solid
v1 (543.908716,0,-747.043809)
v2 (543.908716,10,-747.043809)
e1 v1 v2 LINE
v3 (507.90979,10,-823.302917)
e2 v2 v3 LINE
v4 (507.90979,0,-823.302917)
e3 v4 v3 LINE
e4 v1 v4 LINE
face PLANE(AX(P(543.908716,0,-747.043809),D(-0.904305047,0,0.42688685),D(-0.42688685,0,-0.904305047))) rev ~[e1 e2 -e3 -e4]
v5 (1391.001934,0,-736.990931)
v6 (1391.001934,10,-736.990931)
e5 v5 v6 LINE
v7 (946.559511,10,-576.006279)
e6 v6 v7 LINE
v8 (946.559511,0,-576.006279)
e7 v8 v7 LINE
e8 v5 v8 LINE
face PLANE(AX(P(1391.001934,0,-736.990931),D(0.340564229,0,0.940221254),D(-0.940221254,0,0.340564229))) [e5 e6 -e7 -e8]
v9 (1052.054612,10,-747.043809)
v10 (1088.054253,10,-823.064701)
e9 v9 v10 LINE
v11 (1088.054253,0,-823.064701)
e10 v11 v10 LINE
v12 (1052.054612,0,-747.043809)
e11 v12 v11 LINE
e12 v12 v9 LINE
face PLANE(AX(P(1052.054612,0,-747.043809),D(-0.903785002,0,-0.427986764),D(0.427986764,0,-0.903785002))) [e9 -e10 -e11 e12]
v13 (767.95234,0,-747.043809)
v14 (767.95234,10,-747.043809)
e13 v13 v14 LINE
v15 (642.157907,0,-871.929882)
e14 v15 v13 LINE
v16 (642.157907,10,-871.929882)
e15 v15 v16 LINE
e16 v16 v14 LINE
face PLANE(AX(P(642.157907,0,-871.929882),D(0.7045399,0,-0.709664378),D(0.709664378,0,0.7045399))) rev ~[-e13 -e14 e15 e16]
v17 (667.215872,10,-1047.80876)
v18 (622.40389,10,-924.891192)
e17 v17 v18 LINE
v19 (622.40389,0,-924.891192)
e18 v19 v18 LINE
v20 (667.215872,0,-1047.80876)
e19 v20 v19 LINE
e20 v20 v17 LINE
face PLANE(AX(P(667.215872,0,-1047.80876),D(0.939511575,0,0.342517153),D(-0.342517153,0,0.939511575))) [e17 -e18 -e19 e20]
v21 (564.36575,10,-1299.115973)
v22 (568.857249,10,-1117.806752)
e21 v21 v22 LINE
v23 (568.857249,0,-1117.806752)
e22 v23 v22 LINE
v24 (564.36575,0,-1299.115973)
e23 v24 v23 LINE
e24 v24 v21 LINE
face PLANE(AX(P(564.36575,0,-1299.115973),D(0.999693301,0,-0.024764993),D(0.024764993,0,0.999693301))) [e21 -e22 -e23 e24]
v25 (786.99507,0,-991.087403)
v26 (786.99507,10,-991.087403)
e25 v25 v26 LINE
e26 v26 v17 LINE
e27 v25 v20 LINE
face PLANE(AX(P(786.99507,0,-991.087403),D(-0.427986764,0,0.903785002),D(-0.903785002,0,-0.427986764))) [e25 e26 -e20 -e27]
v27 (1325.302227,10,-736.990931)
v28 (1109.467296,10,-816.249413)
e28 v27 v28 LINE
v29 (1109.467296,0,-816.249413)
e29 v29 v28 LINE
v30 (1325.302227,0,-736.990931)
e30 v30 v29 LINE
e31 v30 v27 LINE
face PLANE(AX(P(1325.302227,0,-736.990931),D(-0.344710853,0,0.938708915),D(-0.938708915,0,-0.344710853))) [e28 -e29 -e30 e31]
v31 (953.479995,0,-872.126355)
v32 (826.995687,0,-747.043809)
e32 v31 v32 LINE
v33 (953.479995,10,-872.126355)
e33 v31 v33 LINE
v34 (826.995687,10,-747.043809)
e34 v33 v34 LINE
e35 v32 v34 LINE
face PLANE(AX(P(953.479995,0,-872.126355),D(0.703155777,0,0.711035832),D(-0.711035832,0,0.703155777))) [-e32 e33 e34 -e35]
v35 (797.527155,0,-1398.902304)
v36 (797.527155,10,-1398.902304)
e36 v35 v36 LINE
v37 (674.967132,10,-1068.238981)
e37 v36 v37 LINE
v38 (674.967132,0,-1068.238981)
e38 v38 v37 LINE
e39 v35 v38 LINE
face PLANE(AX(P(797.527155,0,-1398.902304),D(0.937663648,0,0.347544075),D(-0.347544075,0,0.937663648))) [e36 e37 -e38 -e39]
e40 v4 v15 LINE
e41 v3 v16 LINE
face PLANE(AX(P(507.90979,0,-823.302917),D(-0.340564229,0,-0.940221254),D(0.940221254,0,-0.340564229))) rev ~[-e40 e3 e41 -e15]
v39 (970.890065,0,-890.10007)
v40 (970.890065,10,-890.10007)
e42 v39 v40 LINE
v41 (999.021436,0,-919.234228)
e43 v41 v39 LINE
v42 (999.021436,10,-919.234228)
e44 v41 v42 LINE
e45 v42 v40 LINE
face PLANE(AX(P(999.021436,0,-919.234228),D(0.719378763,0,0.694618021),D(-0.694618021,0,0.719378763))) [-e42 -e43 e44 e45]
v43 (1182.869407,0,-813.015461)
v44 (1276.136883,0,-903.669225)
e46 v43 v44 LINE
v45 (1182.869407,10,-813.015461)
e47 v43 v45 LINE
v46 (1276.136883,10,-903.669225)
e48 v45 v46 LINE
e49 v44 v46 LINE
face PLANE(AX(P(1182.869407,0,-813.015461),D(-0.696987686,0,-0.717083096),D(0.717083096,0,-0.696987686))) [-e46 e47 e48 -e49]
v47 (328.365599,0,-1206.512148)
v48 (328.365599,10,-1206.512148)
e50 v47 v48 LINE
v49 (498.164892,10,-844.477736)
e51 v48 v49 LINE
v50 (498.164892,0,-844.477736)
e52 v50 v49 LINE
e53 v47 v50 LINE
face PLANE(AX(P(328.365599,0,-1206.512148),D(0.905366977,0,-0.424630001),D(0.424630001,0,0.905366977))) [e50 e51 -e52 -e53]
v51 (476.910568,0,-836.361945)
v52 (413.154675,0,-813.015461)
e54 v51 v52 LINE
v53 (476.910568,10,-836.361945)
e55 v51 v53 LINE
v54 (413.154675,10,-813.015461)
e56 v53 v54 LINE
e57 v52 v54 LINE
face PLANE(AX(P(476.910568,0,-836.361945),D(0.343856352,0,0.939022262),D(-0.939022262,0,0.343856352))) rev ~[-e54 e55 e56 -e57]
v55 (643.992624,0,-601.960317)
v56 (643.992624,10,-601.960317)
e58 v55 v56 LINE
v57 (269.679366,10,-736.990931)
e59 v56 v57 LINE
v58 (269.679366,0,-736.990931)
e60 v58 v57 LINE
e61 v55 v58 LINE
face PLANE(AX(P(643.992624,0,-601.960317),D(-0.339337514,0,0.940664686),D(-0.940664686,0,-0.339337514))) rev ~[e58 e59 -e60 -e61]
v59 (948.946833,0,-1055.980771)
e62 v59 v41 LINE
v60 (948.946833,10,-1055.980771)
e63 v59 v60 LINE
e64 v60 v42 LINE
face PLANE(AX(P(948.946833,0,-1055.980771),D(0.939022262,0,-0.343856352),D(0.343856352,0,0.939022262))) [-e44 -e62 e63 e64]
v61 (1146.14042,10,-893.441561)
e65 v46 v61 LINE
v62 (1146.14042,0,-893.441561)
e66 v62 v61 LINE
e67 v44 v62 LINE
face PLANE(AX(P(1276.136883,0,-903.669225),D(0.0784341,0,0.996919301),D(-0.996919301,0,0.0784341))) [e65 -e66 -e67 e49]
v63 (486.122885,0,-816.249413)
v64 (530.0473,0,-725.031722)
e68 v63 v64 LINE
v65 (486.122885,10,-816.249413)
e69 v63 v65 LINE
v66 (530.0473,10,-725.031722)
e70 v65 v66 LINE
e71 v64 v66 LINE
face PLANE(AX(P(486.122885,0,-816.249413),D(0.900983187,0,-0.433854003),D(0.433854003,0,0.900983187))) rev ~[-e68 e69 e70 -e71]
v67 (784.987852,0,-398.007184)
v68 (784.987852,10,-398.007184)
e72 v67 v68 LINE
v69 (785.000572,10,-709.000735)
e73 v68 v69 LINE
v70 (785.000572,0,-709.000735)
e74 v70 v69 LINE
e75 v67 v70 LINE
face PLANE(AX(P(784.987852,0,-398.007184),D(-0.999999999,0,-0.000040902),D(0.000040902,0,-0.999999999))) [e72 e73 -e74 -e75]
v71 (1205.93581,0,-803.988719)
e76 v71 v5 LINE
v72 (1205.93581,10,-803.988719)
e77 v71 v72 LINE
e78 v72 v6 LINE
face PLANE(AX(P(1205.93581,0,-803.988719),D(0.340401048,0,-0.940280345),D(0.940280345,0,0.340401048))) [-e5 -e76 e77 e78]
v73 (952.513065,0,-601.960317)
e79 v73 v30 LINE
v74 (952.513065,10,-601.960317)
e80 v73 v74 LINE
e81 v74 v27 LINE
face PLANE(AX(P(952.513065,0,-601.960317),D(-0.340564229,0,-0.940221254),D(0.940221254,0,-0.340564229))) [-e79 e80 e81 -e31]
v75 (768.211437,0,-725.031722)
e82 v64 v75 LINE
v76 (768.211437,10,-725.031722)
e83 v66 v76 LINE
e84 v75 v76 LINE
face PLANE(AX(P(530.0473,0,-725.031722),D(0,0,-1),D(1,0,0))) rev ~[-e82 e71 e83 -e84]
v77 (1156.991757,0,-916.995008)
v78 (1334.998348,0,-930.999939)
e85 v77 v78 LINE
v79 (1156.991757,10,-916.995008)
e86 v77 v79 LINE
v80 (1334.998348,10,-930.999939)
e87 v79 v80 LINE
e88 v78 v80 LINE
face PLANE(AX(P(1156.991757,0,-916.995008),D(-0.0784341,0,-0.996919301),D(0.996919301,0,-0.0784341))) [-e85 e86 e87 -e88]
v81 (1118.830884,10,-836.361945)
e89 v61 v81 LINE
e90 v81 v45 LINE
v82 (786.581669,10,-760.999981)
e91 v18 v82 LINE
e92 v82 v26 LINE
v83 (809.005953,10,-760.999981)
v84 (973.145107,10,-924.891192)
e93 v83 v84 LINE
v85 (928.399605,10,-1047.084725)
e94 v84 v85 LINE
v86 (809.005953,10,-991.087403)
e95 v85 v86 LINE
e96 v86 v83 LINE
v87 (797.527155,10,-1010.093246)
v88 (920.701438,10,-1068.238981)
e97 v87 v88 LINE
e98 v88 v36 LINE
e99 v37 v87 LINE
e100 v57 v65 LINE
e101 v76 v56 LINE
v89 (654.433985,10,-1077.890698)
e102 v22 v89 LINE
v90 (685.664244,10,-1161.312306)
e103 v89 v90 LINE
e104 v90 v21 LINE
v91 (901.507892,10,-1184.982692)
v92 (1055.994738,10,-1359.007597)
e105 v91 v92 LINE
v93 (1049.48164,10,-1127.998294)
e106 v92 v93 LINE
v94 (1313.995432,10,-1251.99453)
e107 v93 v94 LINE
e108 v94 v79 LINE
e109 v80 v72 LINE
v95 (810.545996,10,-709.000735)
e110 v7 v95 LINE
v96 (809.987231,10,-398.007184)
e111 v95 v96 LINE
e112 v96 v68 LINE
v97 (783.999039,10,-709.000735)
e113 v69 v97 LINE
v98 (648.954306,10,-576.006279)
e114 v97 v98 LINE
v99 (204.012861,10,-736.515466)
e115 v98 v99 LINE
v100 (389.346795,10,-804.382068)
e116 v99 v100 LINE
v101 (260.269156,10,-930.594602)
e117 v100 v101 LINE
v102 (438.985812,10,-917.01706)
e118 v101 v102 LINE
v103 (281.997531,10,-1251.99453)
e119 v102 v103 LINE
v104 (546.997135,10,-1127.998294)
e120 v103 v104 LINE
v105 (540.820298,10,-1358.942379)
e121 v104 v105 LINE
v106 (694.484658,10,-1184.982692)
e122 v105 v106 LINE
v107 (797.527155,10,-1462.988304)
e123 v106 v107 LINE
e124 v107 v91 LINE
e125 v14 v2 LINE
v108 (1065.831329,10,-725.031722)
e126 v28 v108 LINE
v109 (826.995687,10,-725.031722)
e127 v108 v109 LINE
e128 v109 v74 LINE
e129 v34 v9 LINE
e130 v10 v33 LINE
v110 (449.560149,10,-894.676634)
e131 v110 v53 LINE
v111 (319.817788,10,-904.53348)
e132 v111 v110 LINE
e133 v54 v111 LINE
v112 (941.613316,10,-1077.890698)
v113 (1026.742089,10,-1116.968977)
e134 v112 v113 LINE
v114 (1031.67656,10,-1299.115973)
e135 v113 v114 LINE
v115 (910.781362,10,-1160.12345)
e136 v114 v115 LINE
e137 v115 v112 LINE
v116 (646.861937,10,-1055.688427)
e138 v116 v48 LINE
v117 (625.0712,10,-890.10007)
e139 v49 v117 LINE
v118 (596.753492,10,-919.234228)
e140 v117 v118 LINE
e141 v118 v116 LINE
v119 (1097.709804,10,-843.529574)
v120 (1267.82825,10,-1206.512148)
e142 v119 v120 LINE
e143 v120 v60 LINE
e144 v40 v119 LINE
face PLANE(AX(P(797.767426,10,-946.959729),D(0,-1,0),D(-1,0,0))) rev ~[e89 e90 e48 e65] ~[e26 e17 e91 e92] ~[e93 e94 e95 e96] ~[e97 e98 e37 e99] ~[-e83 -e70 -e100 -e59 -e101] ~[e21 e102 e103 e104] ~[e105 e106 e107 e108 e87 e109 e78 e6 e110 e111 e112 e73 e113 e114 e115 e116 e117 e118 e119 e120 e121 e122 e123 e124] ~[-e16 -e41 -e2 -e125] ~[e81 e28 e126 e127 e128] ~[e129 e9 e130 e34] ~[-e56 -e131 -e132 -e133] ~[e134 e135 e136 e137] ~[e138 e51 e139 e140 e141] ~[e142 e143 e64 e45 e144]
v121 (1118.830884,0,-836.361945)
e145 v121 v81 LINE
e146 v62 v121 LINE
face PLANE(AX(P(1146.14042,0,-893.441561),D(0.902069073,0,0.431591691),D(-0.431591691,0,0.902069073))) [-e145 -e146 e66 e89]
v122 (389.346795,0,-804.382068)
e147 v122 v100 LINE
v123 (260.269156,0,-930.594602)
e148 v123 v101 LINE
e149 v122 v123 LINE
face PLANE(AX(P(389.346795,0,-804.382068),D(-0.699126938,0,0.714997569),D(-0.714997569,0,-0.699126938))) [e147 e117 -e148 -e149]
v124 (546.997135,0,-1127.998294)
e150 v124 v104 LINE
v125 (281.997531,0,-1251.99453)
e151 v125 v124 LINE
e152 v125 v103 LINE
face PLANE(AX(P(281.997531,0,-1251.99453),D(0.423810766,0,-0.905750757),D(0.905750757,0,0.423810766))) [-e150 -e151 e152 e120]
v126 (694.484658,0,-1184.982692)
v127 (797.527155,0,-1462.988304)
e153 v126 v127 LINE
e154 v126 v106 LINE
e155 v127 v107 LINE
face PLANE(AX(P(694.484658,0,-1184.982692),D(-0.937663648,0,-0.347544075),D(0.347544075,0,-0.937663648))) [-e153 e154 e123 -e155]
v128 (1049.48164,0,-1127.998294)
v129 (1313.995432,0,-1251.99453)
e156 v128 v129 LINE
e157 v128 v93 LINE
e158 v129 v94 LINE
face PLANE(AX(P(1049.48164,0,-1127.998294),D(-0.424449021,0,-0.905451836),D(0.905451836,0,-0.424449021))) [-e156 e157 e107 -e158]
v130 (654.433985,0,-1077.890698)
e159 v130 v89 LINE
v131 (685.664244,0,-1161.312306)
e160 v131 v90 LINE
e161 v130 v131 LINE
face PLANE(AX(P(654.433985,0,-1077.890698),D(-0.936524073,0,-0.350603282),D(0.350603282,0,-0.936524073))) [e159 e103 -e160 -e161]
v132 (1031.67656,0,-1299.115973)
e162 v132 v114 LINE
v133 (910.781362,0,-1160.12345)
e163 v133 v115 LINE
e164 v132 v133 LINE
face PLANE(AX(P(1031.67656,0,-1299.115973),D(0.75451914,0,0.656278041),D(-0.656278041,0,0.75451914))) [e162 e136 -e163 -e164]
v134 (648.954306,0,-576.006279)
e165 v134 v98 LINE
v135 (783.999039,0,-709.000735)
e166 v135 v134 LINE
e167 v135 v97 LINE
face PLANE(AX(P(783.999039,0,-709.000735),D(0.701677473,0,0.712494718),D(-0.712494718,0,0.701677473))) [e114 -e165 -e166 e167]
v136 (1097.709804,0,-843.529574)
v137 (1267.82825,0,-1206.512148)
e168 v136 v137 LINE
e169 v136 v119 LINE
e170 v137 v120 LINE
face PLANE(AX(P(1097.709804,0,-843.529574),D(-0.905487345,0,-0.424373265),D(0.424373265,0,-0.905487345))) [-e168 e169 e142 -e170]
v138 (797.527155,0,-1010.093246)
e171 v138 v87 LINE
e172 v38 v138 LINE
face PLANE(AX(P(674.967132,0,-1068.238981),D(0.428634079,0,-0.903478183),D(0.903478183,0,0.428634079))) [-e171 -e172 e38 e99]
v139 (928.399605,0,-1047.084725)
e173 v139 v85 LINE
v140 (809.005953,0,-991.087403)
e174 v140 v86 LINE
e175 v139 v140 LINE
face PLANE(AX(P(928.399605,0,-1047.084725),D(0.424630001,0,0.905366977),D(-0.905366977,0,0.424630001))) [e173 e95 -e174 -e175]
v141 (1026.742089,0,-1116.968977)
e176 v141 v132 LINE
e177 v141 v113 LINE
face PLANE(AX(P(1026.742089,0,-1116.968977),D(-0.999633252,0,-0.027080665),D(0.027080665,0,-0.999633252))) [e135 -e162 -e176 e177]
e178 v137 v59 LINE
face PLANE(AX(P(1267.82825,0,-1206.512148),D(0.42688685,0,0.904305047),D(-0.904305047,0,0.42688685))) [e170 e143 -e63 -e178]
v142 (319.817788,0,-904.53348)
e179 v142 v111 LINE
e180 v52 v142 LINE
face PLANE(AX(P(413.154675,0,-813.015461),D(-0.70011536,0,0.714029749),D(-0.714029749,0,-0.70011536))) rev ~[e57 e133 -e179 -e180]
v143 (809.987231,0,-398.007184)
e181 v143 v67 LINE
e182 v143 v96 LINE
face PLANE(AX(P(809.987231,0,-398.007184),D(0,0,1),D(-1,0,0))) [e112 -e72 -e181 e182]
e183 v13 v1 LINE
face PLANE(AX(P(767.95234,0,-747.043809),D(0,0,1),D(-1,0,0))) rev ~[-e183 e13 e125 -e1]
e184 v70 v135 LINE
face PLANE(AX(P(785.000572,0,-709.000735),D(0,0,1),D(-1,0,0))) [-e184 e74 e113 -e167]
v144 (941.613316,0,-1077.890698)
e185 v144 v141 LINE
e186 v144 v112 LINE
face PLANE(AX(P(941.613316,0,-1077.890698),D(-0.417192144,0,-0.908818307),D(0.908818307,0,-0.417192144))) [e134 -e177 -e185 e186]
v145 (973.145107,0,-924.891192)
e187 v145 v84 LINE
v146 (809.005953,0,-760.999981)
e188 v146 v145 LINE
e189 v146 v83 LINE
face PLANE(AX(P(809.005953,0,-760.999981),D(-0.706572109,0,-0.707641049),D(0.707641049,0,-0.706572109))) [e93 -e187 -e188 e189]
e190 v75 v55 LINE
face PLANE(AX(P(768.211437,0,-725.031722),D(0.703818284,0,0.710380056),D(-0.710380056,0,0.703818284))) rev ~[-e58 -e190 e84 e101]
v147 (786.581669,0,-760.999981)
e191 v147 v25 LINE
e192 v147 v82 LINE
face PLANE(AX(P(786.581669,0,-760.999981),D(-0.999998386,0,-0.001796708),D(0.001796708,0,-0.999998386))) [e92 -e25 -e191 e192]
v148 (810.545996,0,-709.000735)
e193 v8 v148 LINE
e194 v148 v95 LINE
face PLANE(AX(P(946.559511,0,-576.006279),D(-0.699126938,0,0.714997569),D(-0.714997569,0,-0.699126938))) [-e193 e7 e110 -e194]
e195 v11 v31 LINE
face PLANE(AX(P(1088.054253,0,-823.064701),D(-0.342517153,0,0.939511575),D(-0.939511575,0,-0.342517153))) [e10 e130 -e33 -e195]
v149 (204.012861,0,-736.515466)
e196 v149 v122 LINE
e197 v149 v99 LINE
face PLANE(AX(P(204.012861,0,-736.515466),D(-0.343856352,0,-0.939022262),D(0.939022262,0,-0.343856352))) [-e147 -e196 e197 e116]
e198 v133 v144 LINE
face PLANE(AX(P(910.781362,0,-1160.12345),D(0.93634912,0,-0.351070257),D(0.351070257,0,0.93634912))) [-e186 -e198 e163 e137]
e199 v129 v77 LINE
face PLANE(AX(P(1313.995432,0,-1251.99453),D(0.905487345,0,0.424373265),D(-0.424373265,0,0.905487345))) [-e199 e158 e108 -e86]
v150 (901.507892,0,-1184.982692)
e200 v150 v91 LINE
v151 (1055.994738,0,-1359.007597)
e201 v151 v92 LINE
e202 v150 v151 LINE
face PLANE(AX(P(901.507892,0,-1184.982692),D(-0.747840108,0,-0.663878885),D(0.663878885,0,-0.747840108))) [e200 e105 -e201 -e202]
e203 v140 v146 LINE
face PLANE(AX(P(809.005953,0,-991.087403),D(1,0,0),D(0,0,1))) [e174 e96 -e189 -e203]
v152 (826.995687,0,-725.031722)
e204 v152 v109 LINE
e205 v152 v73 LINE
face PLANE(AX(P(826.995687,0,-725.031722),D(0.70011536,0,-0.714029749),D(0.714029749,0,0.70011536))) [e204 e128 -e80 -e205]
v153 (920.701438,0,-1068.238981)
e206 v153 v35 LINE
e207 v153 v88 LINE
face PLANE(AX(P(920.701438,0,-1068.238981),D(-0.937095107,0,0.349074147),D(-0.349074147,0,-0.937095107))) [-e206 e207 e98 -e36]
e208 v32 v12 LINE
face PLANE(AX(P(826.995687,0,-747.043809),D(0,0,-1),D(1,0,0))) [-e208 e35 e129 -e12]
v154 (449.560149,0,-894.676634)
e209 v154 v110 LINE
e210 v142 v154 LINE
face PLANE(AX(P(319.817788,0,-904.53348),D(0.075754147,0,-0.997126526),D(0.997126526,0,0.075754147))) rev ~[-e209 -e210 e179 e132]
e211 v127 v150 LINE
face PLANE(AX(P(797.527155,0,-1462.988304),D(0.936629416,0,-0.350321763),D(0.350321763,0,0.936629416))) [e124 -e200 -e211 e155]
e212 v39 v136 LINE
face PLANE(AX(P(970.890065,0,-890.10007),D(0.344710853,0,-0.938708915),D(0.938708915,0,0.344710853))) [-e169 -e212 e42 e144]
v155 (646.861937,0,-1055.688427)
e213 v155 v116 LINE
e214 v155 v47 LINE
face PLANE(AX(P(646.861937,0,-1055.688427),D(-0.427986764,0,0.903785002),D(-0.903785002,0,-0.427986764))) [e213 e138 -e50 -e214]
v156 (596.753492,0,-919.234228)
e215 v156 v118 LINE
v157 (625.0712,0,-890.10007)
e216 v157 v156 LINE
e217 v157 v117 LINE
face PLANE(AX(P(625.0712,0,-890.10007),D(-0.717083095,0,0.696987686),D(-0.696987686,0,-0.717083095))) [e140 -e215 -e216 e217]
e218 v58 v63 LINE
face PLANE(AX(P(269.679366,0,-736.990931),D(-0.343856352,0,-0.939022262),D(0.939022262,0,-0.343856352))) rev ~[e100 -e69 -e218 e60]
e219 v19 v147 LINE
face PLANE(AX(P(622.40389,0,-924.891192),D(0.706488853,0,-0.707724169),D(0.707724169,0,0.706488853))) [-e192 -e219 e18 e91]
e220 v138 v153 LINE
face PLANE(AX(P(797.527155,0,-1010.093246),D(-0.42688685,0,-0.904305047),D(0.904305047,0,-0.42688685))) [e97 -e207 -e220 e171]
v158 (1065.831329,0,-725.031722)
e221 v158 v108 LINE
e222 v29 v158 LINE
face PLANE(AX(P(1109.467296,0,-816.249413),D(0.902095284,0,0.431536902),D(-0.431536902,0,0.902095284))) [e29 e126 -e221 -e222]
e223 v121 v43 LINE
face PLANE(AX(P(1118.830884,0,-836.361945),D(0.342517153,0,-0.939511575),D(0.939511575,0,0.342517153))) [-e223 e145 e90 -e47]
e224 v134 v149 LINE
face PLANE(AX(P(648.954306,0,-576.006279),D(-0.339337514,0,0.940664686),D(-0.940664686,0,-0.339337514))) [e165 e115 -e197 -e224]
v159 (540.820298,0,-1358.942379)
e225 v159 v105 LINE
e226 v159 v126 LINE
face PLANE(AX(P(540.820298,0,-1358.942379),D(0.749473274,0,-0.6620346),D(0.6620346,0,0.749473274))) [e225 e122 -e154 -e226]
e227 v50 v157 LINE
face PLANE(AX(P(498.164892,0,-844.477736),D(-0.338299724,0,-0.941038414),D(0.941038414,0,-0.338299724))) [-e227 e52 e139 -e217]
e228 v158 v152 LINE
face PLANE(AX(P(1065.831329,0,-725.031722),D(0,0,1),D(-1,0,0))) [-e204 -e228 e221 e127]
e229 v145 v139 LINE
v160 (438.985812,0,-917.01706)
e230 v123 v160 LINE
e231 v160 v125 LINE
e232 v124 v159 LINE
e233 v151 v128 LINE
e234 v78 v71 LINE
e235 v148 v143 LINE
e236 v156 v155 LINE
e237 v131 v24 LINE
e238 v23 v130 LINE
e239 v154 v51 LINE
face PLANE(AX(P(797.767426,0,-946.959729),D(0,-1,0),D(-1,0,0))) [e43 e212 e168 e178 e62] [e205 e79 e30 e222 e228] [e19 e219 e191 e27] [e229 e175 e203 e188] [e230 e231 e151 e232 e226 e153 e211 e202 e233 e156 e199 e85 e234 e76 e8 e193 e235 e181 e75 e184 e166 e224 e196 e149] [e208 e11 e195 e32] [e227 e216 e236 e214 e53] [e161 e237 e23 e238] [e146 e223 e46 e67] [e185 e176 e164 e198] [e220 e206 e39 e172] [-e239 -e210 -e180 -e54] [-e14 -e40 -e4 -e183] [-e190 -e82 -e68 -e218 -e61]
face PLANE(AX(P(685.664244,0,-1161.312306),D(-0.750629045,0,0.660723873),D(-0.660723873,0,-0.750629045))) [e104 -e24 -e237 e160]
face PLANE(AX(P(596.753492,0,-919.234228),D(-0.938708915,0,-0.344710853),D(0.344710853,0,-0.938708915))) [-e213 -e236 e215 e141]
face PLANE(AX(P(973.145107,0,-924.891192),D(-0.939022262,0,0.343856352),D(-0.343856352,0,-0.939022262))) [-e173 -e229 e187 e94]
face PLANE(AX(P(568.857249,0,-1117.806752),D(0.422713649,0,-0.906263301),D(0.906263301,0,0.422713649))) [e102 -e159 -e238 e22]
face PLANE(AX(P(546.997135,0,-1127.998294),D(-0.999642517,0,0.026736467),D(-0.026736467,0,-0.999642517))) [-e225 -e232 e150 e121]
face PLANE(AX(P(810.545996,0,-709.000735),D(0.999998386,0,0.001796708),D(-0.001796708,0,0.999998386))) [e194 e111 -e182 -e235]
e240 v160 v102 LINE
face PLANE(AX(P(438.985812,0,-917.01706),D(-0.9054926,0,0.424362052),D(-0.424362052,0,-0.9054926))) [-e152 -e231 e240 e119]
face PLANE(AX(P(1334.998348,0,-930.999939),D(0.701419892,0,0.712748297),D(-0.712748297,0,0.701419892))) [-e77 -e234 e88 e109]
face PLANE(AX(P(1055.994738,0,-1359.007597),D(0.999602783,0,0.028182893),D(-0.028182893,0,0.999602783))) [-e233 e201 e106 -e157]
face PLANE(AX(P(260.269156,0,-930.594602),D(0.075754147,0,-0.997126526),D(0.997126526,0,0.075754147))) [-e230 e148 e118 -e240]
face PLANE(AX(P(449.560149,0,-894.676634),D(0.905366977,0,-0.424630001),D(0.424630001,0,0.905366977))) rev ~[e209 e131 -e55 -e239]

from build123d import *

# Parameters (mm, degrees)
BOSS_EXTRUDE1_DEPTH = 10


with BuildPart() as part:
    # Sketch1 → Boss-Extrude1 (new body)
    with BuildSketch(Plane(origin=(0, 0, 0), x_dir=(1, 0, 0), z_dir=(0, 1, 0))):
        Polygon((784.987851723, 398.007183844), (785.000571871, 709.000734601), (783.999038632, 709.000734601), (648.95430554, 576.00627914), (204.012861183, 736.515465829), (389.346795443, 804.38206818), (260.269155542, 930.594602451), (438.985812263, 917.017059796), (281.997531244, 1251.994529906), (546.997134557, 1127.998293592), (540.820297596, 1358.942378927), (694.484658499, 1184.98269214), (797.527155209, 1462.988304378), (901.507891553, 1184.98269214), (1055.994737963, 1359.007597162), (1049.481640439, 1127.998293592), (1313.995431768, 1251.994529906), (1156.991756683, 916.99500763), (1334.998347933, 930.999939378), (1205.935810073, 803.988718502), (1391.001934492, 736.990931112), (946.559511347, 576.00627914), (810.545996287, 709.000734601), (809.987230906, 398.007183844), align=None)
        Polygon((768.211437064, 725.031722001), (643.992624095, 601.960316667), (269.679365999, 736.990931112), (486.122884579, 816.249412651), (530.047300467, 725.031722001), align=None, mode=Mode.SUBTRACT)
        Polygon((826.995686835, 725.031722001), (952.513065316, 601.960316667), (1325.302227186, 736.990931112), (1109.467295774, 816.249412651), (1065.831329223, 725.031722001), align=None, mode=Mode.SUBTRACT)
        Polygon((826.995686835, 747.043809063), (1052.054612149, 747.043809063), (1088.054253232, 823.06470125), (953.479995281, 872.126355119), align=None, mode=Mode.SUBTRACT)
        Polygon((767.95234015, 747.043809063), (543.908716076, 747.043809063), (507.909790164, 823.302917015), (642.157906737, 871.929882397), align=None, mode=Mode.SUBTRACT)
        Polygon((476.91056803, 836.361945246), (413.154674671, 813.015460537), (319.817787826, 904.533479576), (449.560148715, 894.676634268), align=None, mode=Mode.SUBTRACT)
        Polygon((1118.830884035, 836.361945246), (1182.869407152, 813.015460537), (1276.136882601, 903.669224766), (1146.140420035, 893.441560875), align=None, mode=Mode.SUBTRACT)
        Polygon((809.005952687, 760.999981232), (973.14510679, 924.891191926), (928.399604701, 1047.084725346), (809.005952687, 991.087402872), align=None, mode=Mode.SUBTRACT)
        Polygon((786.581669339, 760.999981232), (786.995069828, 991.087402872), (667.215871678, 1047.808759575), (622.403890172, 924.891191926), align=None, mode=Mode.SUBTRACT)
        Polygon((625.071199804, 890.100070463), (596.75349244, 919.234228308), (646.861936517, 1055.688427033), (328.365599037, 1206.51214806), (498.164892008, 844.477736382), align=None, mode=Mode.SUBTRACT)
        Polygon((970.890065096, 890.100070463), (1097.709804078, 843.529573856), (1267.828250082, 1206.51214806), (948.946832949, 1055.980771306), (999.021436359, 919.234228308), align=None, mode=Mode.SUBTRACT)
        Polygon((797.527155209, 1010.09324616), (920.701437633, 1068.238980962), (797.527155209, 1398.902304133), (674.967131634, 1068.238980962), align=None, mode=Mode.SUBTRACT)
        Polygon((654.433985107, 1077.890698346), (685.66424413, 1161.312305797), (564.365750317, 1299.115972687), (568.857249407, 1117.806751608), align=None, mode=Mode.SUBTRACT)
        Polygon((941.613316466, 1077.890698346), (1026.742088945, 1116.968977072), (1031.676560348, 1299.115972687), (910.781362362, 1160.123449622), align=None, mode=Mode.SUBTRACT)
    extrude(amount=BOSS_EXTRUDE1_DEPTH)


solid = part.part
